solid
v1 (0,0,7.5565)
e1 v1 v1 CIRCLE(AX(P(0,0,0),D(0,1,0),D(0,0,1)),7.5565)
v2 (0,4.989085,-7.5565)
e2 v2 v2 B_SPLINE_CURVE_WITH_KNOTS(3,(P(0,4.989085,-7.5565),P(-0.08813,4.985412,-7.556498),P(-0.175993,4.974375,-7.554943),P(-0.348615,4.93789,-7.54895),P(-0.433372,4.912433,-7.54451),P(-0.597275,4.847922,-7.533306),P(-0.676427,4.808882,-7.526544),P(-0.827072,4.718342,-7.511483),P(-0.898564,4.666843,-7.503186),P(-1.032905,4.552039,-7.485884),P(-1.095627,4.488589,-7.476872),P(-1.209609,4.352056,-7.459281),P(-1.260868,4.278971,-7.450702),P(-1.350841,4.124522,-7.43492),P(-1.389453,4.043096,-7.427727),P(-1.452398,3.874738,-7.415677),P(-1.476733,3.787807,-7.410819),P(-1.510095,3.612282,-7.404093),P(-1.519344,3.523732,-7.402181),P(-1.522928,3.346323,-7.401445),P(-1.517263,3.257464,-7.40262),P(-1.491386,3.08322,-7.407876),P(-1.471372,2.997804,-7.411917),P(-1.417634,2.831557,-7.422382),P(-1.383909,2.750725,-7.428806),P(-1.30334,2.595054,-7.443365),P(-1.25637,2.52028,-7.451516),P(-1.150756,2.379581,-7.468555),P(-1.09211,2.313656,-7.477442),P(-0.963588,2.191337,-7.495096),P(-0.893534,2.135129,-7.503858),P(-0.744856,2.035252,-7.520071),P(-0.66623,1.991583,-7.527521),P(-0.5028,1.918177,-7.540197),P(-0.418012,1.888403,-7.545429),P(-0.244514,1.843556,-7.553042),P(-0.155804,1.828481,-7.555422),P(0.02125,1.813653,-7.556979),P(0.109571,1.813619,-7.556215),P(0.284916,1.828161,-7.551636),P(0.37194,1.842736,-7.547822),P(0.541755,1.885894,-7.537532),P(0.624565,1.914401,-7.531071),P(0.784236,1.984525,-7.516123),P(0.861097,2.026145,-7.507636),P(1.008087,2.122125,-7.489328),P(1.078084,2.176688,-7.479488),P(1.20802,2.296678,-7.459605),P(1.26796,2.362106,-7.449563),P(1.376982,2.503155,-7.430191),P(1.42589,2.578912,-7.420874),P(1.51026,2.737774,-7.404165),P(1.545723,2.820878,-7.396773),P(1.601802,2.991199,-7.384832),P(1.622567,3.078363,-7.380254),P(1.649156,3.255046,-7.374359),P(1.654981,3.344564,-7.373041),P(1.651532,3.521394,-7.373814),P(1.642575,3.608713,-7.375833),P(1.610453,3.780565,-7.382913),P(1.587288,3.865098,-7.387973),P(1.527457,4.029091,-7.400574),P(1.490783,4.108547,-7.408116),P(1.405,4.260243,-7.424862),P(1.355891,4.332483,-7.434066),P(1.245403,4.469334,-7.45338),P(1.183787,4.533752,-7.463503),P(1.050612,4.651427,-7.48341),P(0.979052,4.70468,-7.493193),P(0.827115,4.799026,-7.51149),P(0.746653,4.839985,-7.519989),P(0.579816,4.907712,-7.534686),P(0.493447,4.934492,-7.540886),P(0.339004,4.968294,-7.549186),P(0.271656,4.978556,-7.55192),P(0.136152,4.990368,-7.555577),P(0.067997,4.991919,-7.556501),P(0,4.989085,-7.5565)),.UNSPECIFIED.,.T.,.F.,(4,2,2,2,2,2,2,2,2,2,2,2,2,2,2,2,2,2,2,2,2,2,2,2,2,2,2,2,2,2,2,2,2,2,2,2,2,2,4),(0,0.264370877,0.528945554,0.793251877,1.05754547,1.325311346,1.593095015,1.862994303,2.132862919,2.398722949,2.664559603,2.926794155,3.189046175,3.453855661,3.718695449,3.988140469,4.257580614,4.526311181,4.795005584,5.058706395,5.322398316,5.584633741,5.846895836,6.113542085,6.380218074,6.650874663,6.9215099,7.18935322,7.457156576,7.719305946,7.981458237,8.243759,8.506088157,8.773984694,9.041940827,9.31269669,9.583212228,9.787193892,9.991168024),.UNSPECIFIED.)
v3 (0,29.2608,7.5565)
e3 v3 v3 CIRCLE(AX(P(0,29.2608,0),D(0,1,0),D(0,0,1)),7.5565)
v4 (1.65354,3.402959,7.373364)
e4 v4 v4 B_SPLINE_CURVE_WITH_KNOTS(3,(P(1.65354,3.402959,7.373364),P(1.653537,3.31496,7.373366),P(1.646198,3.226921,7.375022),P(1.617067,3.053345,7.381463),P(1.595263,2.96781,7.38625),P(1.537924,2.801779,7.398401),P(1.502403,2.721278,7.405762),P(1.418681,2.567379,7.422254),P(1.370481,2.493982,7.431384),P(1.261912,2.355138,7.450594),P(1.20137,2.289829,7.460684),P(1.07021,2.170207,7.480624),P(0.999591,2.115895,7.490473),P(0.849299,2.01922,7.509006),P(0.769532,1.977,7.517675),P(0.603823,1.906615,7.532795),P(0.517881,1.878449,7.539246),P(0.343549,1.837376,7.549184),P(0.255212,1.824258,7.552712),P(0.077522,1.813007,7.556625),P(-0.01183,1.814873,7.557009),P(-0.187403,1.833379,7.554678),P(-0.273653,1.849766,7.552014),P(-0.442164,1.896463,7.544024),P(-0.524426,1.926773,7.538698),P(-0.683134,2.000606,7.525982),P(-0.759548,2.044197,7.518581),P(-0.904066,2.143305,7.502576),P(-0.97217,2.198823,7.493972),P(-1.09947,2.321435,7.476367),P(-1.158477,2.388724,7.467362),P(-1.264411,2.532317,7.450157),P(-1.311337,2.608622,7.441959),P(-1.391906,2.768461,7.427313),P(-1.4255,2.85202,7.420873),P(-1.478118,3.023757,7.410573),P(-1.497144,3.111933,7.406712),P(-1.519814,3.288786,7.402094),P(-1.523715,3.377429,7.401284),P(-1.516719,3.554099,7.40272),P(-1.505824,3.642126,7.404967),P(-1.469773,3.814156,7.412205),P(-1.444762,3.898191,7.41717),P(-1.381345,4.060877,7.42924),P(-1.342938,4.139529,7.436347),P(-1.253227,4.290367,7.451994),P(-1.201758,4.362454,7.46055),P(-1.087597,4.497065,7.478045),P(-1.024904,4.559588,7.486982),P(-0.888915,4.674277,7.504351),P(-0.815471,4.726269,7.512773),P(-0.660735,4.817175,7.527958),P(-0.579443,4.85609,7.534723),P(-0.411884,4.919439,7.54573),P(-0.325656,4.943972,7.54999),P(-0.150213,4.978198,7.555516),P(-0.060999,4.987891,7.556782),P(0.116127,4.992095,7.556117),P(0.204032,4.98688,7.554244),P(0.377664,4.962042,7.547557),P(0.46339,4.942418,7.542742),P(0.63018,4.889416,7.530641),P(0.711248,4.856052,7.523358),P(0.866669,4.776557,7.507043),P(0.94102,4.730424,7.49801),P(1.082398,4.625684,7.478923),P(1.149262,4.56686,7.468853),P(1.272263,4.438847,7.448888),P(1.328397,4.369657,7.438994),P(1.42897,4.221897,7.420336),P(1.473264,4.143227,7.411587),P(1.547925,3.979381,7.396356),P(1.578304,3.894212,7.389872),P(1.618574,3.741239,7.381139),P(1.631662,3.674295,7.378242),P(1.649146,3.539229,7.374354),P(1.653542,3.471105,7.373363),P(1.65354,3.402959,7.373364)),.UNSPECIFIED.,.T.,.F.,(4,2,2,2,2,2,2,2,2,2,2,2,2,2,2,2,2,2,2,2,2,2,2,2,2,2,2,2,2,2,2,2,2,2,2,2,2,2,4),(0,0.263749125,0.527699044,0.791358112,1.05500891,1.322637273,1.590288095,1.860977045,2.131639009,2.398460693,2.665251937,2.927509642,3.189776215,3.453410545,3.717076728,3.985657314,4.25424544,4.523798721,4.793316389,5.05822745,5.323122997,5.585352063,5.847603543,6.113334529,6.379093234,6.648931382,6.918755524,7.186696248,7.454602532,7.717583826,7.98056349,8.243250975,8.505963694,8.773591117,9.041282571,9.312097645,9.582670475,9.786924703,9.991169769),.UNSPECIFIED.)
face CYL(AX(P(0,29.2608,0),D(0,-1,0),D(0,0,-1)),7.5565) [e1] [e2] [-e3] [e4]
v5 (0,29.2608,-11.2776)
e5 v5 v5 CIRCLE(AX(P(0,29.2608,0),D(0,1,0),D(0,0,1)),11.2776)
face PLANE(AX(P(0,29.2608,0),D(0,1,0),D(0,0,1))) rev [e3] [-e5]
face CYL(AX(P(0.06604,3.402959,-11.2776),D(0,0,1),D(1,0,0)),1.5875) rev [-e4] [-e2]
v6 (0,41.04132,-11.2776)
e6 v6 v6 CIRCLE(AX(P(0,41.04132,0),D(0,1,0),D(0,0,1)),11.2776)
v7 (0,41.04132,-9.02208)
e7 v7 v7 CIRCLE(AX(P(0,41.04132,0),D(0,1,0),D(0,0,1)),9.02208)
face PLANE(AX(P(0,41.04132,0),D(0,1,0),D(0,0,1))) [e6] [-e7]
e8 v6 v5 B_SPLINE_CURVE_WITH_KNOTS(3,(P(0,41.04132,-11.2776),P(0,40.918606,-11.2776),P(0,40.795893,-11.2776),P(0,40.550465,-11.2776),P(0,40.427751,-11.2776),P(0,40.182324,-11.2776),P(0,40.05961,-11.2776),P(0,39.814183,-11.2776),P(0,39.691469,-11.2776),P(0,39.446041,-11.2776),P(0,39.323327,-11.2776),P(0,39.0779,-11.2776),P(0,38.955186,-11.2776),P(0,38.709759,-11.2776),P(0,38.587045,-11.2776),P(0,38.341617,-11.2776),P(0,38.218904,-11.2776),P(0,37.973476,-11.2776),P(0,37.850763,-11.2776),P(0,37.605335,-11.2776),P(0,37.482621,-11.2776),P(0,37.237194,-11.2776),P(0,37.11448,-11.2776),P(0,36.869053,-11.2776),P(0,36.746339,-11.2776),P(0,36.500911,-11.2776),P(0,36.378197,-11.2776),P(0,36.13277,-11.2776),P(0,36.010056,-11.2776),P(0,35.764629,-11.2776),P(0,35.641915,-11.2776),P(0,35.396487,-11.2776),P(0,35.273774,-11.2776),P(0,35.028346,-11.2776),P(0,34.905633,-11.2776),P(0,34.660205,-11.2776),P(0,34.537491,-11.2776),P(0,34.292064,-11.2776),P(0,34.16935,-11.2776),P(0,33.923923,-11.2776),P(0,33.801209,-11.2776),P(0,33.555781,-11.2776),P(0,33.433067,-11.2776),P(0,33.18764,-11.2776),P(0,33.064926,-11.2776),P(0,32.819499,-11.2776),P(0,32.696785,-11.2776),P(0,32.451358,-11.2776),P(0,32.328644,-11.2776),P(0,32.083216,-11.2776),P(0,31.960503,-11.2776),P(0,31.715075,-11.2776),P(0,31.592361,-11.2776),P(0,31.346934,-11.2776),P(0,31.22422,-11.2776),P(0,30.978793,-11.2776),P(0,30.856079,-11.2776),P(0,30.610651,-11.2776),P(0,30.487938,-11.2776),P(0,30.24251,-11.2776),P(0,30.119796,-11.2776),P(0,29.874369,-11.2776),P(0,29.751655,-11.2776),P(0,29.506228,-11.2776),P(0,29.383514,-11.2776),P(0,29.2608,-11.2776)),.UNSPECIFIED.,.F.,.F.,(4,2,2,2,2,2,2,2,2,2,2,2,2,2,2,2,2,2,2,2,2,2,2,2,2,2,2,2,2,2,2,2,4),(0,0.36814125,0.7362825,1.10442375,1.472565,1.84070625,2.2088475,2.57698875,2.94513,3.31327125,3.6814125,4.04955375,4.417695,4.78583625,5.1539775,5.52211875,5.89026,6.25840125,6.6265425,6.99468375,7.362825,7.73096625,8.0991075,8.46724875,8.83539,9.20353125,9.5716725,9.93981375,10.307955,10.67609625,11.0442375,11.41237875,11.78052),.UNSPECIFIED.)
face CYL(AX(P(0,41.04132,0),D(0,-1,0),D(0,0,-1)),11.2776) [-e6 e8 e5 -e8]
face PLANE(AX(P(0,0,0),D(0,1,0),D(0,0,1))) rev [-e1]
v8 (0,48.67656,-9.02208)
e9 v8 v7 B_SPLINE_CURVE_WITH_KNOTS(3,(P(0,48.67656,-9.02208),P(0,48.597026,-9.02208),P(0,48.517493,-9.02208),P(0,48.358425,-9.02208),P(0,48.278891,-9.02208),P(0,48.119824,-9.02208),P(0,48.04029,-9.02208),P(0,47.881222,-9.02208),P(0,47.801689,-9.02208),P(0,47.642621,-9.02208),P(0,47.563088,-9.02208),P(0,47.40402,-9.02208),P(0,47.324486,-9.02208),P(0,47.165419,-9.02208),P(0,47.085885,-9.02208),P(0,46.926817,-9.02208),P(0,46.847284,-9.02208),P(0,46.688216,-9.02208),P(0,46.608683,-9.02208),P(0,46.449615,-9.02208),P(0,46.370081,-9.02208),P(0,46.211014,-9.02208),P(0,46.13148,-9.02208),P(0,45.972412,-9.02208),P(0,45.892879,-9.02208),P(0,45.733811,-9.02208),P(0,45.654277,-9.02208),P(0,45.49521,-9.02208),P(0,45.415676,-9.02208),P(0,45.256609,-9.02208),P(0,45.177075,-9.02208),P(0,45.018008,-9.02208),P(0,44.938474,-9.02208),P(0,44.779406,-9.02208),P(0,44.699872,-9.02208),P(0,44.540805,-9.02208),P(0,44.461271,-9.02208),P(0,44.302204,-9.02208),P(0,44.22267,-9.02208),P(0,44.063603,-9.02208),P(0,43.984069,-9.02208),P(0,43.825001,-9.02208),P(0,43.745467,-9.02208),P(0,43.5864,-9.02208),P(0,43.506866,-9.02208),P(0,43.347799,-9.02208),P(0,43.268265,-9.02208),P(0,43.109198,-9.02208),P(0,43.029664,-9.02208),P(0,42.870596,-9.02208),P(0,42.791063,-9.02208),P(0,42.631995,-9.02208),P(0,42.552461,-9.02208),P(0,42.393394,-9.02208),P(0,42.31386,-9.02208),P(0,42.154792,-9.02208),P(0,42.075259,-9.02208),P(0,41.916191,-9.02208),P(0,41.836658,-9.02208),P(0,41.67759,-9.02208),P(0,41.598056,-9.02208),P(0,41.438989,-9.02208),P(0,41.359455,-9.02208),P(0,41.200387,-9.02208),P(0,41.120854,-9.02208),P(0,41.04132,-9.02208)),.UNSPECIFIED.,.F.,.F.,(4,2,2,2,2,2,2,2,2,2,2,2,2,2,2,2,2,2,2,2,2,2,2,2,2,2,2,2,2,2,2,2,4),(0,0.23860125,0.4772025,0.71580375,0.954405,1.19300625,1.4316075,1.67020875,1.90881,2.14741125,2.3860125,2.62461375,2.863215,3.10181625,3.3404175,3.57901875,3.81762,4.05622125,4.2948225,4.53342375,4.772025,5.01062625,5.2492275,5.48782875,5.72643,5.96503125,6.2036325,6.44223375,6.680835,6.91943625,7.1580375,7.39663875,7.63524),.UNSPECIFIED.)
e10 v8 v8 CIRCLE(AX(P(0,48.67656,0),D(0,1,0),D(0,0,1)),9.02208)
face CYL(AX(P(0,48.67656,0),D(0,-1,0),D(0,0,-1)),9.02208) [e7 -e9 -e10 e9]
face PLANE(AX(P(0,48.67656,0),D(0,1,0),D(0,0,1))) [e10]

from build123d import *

# Parameters (mm, degrees)
SKETCH1_R               = 7.5565
BOSS_EXTRUDE1_DEPTH     = 29.2608
SKETCH2_R               = 11.2776
BOSS_EXTRUDE2_DEPTH     = 11.78052
SKETCH3_R               = 9.02208
BOSS_EXTRUDE3_DEPTH     = 7.63524
CUT_EXTRUDE1_DEPTH      = 52.222807586
CUT_EXTRUDE1_DEPTH_BACK = 52.222807586
SKETCH4_R               = 1.5875


with BuildPart() as part:
    # Sketch1 → Boss-Extrude1 (new body)
    with BuildSketch(Plane(origin=(0, 0, 0), x_dir=(1, 0, 0), z_dir=(0, 1, 0))):
        with Locations(Location((0, 0, 0), (0, 0, 270))):
            Circle(SKETCH1_R)
    extrude(amount=BOSS_EXTRUDE1_DEPTH)

    # Sketch2 → Boss-Extrude2 (add)
    with BuildSketch(Plane(origin=(0, 29.2608, 0), x_dir=(1, 0, 0), z_dir=(0, 1, 0))):
        with Locations(Location((0, 0, 0), (0, 0, 90))):
            Circle(SKETCH2_R)
    extrude(amount=BOSS_EXTRUDE2_DEPTH)

    # Sketch3 → Boss-Extrude3 (add)
    with BuildSketch(Plane(origin=(0, 41.04132, 0), x_dir=(1, 0, 0), z_dir=(0, 1, 0))):
        with Locations(Location((0, 0, 0), (0, 0, 90))):
            Circle(SKETCH3_R)
    extrude(amount=BOSS_EXTRUDE3_DEPTH)

    # Sketch4 → Cut-Extrude1 (cut, two sides: drawn at the far end of the back side and taken through both)
    with BuildSketch(Plane.XY.offset(-CUT_EXTRUDE1_DEPTH_BACK)):
        with Locations((0.06604, 3.402959253)):
            Circle(SKETCH4_R)
    extrude(amount=CUT_EXTRUDE1_DEPTH + CUT_EXTRUDE1_DEPTH_BACK, mode=Mode.SUBTRACT)


solid = part.part
